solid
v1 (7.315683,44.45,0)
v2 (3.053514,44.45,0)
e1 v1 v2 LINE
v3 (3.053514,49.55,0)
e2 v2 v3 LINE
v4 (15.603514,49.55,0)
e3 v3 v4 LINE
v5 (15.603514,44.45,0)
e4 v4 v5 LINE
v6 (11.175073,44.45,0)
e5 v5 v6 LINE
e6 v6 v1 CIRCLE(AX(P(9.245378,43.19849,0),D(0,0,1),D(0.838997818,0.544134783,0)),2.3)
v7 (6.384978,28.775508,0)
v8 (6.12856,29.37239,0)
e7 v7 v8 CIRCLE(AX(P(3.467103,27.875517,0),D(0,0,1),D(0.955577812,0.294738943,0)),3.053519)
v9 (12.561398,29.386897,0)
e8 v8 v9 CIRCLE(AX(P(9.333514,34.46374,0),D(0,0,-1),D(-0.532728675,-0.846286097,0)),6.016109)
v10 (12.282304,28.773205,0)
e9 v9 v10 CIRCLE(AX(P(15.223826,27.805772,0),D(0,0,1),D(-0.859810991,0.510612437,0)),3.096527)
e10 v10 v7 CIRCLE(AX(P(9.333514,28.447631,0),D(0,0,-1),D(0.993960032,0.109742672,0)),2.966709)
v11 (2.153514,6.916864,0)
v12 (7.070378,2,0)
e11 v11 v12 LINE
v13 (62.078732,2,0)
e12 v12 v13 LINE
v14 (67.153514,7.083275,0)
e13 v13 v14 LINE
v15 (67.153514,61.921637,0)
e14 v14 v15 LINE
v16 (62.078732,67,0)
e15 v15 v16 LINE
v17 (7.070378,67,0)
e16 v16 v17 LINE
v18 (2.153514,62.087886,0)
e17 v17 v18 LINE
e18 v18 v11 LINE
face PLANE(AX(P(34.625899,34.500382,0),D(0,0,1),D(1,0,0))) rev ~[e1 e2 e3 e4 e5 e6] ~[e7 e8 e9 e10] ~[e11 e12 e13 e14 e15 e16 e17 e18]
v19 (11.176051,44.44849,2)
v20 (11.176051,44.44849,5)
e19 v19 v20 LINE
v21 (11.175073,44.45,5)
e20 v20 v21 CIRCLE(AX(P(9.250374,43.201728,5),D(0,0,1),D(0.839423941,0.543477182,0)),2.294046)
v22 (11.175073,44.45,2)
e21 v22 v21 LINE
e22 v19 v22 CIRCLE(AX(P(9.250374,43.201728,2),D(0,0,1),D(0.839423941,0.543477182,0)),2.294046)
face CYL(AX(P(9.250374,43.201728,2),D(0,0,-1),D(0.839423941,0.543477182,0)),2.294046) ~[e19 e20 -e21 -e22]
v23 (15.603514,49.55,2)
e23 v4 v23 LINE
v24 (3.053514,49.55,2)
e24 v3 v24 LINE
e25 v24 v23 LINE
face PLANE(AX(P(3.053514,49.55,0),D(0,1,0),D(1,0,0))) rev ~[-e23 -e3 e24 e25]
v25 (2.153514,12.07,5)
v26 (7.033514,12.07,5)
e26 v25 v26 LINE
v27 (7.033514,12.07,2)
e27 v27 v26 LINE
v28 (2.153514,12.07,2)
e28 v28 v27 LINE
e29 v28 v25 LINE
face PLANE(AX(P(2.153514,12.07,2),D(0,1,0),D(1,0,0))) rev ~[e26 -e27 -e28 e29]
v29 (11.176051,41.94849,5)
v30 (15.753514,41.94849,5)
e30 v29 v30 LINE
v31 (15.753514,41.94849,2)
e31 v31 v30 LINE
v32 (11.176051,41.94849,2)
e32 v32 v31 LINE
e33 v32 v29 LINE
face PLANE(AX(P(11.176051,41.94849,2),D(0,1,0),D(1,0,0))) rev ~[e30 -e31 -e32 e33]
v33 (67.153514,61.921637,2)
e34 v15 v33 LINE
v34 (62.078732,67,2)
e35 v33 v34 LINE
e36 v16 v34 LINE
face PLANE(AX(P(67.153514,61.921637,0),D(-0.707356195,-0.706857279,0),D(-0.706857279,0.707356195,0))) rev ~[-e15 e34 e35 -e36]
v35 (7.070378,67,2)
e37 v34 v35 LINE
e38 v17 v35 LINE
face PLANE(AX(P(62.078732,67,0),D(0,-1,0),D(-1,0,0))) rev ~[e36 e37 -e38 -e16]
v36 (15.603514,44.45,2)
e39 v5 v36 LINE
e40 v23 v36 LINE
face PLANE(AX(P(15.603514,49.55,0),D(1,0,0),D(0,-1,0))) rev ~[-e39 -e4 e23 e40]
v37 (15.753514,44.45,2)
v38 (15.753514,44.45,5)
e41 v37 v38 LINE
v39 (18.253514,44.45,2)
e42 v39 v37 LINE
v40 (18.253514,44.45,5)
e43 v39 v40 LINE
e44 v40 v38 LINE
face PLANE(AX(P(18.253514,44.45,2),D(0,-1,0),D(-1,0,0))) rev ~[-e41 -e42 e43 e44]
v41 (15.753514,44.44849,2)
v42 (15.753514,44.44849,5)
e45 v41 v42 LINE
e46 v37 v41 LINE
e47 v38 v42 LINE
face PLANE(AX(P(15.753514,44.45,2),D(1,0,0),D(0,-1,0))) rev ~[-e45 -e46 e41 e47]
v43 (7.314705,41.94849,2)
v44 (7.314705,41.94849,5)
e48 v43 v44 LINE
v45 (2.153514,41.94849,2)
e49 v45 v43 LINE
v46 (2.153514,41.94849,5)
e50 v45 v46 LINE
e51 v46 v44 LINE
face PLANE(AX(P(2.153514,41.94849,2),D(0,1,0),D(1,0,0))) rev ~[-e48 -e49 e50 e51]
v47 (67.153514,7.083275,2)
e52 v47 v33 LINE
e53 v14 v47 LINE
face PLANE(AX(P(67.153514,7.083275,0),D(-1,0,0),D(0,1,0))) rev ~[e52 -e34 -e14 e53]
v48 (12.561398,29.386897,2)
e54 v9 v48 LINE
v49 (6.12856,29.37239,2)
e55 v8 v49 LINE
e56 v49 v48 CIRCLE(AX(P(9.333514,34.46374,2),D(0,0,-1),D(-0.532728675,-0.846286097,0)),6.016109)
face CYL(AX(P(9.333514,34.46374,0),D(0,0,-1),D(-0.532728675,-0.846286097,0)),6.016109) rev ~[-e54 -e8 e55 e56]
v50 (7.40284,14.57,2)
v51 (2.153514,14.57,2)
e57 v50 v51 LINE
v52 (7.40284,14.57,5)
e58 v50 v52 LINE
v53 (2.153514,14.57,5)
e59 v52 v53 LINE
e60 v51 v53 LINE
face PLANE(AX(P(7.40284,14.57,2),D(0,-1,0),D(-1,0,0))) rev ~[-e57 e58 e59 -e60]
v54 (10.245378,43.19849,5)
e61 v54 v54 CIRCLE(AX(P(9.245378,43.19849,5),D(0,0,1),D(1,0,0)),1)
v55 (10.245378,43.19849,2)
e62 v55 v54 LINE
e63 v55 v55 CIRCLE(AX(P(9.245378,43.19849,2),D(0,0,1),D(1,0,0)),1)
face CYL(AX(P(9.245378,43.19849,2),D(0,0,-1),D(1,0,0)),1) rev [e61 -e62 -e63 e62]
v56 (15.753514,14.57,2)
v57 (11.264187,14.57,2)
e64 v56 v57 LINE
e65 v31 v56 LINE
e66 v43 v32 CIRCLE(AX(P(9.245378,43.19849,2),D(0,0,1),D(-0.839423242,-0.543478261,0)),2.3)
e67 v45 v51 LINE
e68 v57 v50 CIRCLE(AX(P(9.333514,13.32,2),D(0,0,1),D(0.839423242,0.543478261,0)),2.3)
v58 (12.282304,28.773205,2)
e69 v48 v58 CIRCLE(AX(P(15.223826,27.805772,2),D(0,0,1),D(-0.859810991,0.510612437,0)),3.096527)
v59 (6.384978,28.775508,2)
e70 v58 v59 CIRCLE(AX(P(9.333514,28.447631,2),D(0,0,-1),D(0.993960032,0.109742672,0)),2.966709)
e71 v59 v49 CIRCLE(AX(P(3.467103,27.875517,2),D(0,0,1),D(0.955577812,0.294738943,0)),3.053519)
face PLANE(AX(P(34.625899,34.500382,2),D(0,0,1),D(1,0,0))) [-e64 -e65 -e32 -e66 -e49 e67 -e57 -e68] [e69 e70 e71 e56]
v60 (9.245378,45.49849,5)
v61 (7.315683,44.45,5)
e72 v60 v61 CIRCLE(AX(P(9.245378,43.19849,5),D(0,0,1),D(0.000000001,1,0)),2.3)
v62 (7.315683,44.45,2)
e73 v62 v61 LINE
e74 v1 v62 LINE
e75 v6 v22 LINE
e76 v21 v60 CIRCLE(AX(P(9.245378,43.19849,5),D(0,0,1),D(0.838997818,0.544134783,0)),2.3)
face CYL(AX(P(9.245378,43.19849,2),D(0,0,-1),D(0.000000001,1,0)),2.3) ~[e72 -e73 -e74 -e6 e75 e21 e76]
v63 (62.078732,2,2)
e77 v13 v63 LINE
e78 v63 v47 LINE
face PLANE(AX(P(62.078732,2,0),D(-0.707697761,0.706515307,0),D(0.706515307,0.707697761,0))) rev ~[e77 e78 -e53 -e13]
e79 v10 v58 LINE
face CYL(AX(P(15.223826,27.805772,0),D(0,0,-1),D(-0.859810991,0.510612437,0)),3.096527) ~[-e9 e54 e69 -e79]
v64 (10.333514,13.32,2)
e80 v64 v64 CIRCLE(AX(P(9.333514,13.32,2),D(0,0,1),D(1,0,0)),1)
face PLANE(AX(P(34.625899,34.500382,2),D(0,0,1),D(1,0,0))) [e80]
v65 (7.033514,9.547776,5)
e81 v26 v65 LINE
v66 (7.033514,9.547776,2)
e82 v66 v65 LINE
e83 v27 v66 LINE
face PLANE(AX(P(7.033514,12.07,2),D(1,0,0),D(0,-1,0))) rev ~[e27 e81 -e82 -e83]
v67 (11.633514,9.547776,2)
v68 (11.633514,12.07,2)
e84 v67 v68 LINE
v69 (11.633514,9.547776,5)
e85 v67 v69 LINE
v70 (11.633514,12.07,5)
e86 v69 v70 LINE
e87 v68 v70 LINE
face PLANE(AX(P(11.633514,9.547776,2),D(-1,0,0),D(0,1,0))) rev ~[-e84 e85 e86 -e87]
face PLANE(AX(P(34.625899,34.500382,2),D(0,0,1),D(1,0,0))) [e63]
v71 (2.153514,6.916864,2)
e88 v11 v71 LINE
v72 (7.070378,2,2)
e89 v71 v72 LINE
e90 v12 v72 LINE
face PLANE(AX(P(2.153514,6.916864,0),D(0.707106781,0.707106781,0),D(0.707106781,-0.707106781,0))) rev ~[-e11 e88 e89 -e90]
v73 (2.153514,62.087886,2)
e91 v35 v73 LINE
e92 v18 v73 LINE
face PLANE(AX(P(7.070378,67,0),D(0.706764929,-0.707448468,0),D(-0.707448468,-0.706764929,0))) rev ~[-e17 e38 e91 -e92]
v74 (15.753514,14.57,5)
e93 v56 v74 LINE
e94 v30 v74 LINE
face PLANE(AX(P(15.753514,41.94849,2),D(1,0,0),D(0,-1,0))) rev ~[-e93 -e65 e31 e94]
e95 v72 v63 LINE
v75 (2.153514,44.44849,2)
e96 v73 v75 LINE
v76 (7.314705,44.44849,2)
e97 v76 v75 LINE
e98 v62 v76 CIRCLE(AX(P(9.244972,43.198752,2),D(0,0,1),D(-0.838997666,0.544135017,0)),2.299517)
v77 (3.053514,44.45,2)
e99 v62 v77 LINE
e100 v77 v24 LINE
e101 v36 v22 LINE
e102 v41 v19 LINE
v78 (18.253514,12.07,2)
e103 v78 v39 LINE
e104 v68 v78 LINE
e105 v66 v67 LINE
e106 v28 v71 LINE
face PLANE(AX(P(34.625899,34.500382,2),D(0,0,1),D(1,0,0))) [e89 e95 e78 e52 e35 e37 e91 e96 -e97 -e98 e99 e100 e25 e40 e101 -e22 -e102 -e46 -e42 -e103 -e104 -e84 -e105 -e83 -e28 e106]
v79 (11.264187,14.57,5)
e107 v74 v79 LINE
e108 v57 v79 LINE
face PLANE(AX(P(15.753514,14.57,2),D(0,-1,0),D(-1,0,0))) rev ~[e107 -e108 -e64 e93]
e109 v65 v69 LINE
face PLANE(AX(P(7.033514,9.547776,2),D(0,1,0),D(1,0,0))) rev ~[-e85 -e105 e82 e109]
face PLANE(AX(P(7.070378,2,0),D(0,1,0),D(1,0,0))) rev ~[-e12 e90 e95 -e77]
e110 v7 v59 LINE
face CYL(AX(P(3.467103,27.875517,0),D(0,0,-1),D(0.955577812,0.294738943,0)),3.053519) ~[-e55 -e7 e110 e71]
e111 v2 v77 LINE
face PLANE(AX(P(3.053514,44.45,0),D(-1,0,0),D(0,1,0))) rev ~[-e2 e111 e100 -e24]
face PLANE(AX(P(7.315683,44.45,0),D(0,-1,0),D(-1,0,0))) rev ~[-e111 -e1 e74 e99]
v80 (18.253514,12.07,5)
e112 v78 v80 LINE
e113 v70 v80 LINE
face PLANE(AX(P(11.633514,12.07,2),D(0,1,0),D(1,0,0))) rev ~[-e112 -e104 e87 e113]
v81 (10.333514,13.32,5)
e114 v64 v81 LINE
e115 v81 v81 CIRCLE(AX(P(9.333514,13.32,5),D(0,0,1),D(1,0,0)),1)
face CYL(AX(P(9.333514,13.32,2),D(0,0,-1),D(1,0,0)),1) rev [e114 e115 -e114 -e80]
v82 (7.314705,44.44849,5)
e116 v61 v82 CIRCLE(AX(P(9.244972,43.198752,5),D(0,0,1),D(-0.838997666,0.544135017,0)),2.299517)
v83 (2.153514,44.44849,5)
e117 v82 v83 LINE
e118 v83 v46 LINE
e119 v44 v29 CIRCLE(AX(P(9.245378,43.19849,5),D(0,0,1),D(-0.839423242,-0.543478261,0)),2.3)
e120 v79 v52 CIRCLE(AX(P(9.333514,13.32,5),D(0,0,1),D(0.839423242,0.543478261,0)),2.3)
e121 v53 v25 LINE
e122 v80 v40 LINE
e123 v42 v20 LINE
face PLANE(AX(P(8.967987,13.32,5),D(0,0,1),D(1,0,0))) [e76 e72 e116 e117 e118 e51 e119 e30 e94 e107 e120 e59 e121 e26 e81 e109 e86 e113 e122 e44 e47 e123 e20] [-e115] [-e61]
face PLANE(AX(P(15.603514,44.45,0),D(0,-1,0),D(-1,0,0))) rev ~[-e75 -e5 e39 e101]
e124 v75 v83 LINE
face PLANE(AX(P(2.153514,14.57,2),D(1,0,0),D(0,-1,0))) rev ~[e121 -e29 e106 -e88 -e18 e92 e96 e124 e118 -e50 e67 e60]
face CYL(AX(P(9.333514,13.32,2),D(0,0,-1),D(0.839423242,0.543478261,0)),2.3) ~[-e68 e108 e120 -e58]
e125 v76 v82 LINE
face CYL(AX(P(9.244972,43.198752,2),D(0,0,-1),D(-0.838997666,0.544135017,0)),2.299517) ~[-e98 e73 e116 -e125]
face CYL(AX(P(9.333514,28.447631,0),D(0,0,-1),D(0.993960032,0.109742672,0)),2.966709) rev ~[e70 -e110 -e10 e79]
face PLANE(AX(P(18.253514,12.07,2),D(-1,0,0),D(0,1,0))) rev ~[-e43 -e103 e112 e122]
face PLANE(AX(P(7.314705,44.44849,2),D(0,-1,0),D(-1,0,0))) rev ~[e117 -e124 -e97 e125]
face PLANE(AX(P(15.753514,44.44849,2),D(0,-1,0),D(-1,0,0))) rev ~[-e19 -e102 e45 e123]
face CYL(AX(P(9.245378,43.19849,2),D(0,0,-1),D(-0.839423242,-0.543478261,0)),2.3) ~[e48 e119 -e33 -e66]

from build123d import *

# Parameters (mm, degrees)
BOSS_EXTRUDE3_DEPTH = 2
SKETCH7_R           = 1
SKETCH7_W           = 2.5
SKETCH7_H           = 2.5
BOSS_EXTRUDE5_DEPTH = 3


with BuildPart() as part:
    # Sketch2 → Boss-Extrude3 (new body)
    with BuildSketch(Plane.XY):
        Polygon((62.078732257, 67), (7.070378023, 67), (2.153513577, 62.087886246), (2.153513577, 6.916864445), (7.070378023, 2), (62.078732257, 2), (67.153513577, 7.083274694), (67.153513577, 61.921636784), align=None)
        with BuildLine():
            ThreePointArc((12.561398281, 29.386897281), (12.405099811, 29.087669445), (12.28230409, 28.773205265))
            ThreePointArc((12.28230409, 28.773205265), (9.332354964, 25.48092154), (6.384978263, 28.775508397))
            ThreePointArc((6.384978263, 28.775508397), (6.272687262, 29.080787813), (6.128559615, 29.372390302))
            ThreePointArc((6.128559615, 29.372390302), (9.319946418, 40.479834047), (12.561398281, 29.386897281))
        make_face(mode=Mode.SUBTRACT)
        with BuildLine():
            Line((7.315683042, 44.45), (3.053513577, 44.45))
            Line((3.053513577, 44.45), (3.053513577, 49.55))
            Line((3.053513577, 49.55), (15.603513577, 49.55))
            Line((15.603513577, 49.55), (15.603513577, 44.45))
            Line((15.603513577, 44.45), (11.175073004, 44.45))
            ThreePointArc((11.175073004, 44.45), (9.245378023, 45.49849), (7.315683042, 44.45))
        make_face(mode=Mode.SUBTRACT)
    extrude(amount=BOSS_EXTRUDE3_DEPTH)

    # Sketch7 → Boss-Extrude5 (add)
    with BuildSketch(Plane.XY.offset(2)):
        with BuildLine():
            Line((15.753513577, 14.57), (11.264187035, 14.57))
            ThreePointArc((11.264187035, 14.57), (9.333513577, 15.62), (7.40284012, 14.57))
            Line((7.40284012, 14.57), (2.153513577, 14.57))
            Line((2.153513577, 14.57), (2.153513577, 12.07))
            Line((2.153513577, 12.07), (7.033513577, 12.07))
            Line((7.033513577, 12.07), (7.40284012, 12.07))
            ThreePointArc((7.40284012, 12.07), (9.333513577, 11.02), (11.264187035, 12.07))
            Line((11.264187035, 12.07), (11.633513577, 12.07))
            Line((11.633513577, 12.07), (15.753513577, 12.07))
            Line((15.753513577, 12.07), (15.753513577, 14.57))
        make_face()
        with Locations((9.333513577, 13.32)):
            Circle(SKETCH7_R, mode=Mode.SUBTRACT)
        with BuildLine():
            Line((11.633513577, 9.547776159), (11.633513577, 12.07))
            Line((11.633513577, 12.07), (11.264187035, 12.07))
            ThreePointArc((11.264187035, 12.07), (9.333513577, 11.02), (7.40284012, 12.07))
            Line((7.40284012, 12.07), (7.033513577, 12.07))
            Line((7.033513577, 12.07), (7.033513577, 9.547776159))
            Line((7.033513577, 9.547776159), (11.633513577, 9.547776159))
        make_face()
        with Locations((17.003513577, 13.32)):
            Rectangle(SKETCH7_W, SKETCH7_H)
        with BuildLine():
            Line((15.753513577, 16.534568208), (15.753513577, 14.57))
            Line((15.753513577, 14.57), (18.253513577, 14.57))
            Line((18.253513577, 14.57), (18.253513577, 16.534568208))
            Line((18.253513577, 16.534568208), (18.253513577, 44.45))
            Line((18.253513577, 44.45), (15.753513577, 44.45))
            Line((15.753513577, 44.45), (15.753513577, 44.44849))
            Line((15.753513577, 44.44849), (11.17605148, 44.44849))
            ThreePointArc((11.17605148, 44.44849), (11.17556239, 44.449245096), (11.175073004, 44.45))
            ThreePointArc((11.175073004, 44.45), (10.343450652, 45.219439406), (9.245378023, 45.49849))
            ThreePointArc((9.245378023, 45.49849), (8.147305393, 45.219439406), (7.315683042, 44.45))
            ThreePointArc((7.315683042, 44.45), (7.315193656, 44.449245096), (7.314704565, 44.44849))
            Line((7.314704565, 44.44849), (2.153513577, 44.44849))
            Line((2.153513577, 44.44849), (2.153513577, 41.94849))
            Line((2.153513577, 41.94849), (7.314704565, 41.94849))
            ThreePointArc((7.314704565, 41.94849), (9.245378023, 40.89849), (11.17605148, 41.94849))
            Line((11.17605148, 41.94849), (15.753513577, 41.94849))
            Line((15.753513577, 41.94849), (15.753513577, 16.534568208))
        make_face()
        with Locations((9.245378023, 43.19849)):
            Circle(SKETCH7_R, mode=Mode.SUBTRACT)
    extrude(amount=BOSS_EXTRUDE5_DEPTH)


solid = part.part
